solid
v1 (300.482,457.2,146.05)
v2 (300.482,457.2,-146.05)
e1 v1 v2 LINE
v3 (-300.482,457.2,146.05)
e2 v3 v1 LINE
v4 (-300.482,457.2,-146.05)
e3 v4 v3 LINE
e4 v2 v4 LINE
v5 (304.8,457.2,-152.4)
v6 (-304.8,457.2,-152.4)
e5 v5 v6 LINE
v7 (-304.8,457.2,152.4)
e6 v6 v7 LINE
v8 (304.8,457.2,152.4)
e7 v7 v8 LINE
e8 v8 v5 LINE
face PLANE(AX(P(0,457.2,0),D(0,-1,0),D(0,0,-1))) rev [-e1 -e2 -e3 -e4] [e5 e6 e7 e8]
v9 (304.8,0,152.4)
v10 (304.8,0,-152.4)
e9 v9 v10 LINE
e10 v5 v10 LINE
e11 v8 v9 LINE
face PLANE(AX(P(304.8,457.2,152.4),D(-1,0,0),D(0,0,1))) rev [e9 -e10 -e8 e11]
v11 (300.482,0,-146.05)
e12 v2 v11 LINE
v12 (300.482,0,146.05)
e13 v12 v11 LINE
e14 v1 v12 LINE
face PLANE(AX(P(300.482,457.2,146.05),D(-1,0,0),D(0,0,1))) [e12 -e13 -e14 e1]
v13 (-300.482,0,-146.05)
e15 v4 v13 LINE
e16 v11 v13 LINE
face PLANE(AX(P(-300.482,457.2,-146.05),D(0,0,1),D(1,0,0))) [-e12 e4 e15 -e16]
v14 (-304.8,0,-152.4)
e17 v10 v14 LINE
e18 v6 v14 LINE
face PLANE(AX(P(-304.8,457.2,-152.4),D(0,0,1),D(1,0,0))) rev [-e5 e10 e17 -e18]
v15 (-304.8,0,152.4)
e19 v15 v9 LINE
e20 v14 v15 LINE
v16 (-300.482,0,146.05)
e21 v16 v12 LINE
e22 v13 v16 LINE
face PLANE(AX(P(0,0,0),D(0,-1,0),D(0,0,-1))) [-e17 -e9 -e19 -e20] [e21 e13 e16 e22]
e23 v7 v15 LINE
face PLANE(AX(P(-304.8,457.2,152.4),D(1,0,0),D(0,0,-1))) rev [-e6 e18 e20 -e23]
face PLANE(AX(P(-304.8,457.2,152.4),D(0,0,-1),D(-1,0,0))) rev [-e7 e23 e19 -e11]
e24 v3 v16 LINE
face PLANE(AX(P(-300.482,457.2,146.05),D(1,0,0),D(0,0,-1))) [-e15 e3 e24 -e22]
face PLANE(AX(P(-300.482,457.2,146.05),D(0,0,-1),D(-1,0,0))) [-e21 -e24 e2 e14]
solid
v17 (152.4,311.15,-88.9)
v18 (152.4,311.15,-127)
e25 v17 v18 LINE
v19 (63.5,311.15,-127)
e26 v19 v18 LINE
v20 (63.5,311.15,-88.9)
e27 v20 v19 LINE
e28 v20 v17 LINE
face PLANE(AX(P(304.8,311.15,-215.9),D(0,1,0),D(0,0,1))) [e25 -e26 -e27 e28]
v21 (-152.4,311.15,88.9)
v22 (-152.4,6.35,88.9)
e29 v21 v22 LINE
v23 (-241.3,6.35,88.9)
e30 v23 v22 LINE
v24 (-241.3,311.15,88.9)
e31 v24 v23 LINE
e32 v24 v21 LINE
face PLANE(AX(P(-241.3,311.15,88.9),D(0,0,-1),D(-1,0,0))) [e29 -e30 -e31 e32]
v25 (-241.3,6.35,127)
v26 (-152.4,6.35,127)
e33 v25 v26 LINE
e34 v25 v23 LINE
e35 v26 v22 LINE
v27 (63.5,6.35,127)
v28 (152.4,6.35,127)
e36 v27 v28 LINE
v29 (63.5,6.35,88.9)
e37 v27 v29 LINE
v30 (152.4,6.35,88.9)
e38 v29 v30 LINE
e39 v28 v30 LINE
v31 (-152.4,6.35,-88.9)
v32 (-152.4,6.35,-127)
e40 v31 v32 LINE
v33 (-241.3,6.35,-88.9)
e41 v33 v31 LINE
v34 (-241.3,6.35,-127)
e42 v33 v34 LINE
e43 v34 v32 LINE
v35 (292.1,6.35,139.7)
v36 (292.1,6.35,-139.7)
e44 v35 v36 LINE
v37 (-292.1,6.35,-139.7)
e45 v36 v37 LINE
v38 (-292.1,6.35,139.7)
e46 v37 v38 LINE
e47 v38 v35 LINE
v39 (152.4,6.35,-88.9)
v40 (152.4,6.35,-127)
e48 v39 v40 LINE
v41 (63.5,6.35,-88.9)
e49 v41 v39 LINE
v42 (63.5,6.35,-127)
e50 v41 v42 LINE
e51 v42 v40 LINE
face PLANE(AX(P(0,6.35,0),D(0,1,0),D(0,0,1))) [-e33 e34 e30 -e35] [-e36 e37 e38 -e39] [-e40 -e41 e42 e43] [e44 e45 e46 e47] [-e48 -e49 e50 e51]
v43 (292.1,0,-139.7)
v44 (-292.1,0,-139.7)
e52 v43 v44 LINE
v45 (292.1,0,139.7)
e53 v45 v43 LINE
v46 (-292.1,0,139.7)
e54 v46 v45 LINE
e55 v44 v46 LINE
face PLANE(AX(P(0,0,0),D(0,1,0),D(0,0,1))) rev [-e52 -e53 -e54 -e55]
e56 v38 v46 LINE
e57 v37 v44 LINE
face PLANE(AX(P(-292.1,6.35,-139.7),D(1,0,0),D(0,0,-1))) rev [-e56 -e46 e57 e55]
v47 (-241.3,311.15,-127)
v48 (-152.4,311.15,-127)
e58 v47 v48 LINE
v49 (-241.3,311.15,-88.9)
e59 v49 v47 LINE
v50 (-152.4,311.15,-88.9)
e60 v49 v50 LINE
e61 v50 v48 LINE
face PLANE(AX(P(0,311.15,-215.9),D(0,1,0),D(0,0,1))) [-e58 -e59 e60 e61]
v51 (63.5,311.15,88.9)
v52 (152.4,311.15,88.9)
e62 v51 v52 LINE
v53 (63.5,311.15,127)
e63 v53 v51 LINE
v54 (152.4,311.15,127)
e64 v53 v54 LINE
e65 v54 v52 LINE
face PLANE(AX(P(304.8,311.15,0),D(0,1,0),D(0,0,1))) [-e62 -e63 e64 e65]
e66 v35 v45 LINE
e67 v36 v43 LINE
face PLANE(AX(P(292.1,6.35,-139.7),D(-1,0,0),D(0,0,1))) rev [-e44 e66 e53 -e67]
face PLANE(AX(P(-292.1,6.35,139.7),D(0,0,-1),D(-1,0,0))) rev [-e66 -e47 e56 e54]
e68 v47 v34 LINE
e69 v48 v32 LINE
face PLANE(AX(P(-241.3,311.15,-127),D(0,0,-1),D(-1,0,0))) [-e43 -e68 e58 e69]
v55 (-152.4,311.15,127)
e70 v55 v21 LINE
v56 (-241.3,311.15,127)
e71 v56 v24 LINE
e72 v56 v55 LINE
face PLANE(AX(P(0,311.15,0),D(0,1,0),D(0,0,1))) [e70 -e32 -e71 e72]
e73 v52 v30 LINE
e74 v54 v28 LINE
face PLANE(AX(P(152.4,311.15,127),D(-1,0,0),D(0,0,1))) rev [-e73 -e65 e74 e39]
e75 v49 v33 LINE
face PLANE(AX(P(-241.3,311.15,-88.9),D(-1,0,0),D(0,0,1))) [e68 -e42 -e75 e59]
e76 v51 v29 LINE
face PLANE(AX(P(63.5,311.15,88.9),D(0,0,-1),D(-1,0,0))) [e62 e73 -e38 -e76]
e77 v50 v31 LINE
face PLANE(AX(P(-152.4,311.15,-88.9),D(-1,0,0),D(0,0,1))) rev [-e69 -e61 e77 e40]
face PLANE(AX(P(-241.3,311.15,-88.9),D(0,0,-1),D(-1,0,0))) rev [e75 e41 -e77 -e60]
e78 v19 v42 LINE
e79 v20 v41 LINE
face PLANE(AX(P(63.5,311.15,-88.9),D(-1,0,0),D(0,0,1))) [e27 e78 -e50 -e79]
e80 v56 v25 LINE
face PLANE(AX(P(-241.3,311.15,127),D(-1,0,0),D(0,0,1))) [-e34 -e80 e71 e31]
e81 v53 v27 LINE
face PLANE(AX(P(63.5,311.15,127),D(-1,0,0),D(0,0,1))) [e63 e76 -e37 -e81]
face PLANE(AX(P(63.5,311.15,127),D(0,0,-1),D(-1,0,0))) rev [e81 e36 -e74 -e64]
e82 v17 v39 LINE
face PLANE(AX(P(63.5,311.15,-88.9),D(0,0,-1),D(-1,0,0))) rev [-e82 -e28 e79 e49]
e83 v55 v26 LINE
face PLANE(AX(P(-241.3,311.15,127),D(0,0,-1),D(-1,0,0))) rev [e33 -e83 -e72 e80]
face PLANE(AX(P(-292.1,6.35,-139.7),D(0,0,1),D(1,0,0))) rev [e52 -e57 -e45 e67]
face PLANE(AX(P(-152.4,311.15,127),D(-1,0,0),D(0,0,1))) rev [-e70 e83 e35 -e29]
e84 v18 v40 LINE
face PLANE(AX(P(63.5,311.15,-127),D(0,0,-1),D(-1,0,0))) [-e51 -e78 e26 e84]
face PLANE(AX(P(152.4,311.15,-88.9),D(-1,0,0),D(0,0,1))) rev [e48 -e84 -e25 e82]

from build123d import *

# Parameters (mm, degrees)
SKETCH1_W                 = 584.2
SKETCH1_H                 = 279.4
BOSS_EXTRUDE1_DEPTH       = 6.35
SKETCH2_W                 = 88.9
SKETCH2_H                 = 38.1
BOSS_EXTRUDE2_DEPTH       = 304.8
LPATTERN1_COUNT           = 2
LPATTERN1_PITCH           = 304.8
LPATTERN2_COUNT           = 2
LPATTERN2_PITCH           = 215.9
LPATTERN2_COPY_1_SKETCH_W = 88.9
LPATTERN2_COPY_1_SKETCH_H = 38.1
LPATTERN2_COPY_1_DEPTH    = 304.8
SKETCH3_W                 = 609.6
SKETCH3_H                 = 304.8
SKETCH3_W_2               = 600.964
SKETCH3_H_2               = 292.1
BOSS_EXTRUDE3_DEPTH       = 457.2


with BuildPart() as part:
    # Sketch1 → Boss-Extrude1 (new body)
    with BuildSketch(Plane(origin=(0, 0, 0), x_dir=(1, 0, 0), z_dir=(0, 1, 0))):
        Rectangle(SKETCH1_W, SKETCH1_H)
    extrude(amount=BOSS_EXTRUDE1_DEPTH)

    # Sketch2 → Boss-Extrude2 (add)
    with BuildSketch(Plane(origin=(0, 6.35, 0), x_dir=(1, 0, 0), z_dir=(0, 1, 0))):
        with Locations((-196.85, -107.95)):
            Rectangle(SKETCH2_W, SKETCH2_H)
    boss_extrude2 = extrude(amount=BOSS_EXTRUDE2_DEPTH)

    # LPattern1: Boss-Extrude2 ×2
    with Locations(*[(i * LPATTERN1_PITCH, 0, 0) for i in range(1, LPATTERN1_COUNT)]):
        add(boss_extrude2)

    # LPattern2: Boss-Extrude2 ×2
    with Locations(*[(0, 0, -i * LPATTERN2_PITCH) for i in range(1, LPATTERN2_COUNT)]):
        add(boss_extrude2)

    # LPattern2 copy 1 sketch → LPattern2 copy 1 (add)
    with BuildSketch(Plane(origin=(304.8, 6.35, -215.9), x_dir=(1, 0, 0), z_dir=(0, 1, 0))):
        with Locations((-196.85, -107.95)):
            Rectangle(LPATTERN2_COPY_1_SKETCH_W, LPATTERN2_COPY_1_SKETCH_H)
    extrude(amount=LPATTERN2_COPY_1_DEPTH)


with BuildPart() as body_2:
    # Sketch3 → Boss-Extrude3 (new body)
    with BuildSketch(Plane(origin=(0, 0, 0), x_dir=(1, 0, 0), z_dir=(0, 1, 0))):
        Rectangle(SKETCH3_W, SKETCH3_H)
        Rectangle(SKETCH3_W_2, SKETCH3_H_2, mode=Mode.SUBTRACT)
    extrude(amount=BOSS_EXTRUDE3_DEPTH)


solid = Compound([part.part, body_2.part])
